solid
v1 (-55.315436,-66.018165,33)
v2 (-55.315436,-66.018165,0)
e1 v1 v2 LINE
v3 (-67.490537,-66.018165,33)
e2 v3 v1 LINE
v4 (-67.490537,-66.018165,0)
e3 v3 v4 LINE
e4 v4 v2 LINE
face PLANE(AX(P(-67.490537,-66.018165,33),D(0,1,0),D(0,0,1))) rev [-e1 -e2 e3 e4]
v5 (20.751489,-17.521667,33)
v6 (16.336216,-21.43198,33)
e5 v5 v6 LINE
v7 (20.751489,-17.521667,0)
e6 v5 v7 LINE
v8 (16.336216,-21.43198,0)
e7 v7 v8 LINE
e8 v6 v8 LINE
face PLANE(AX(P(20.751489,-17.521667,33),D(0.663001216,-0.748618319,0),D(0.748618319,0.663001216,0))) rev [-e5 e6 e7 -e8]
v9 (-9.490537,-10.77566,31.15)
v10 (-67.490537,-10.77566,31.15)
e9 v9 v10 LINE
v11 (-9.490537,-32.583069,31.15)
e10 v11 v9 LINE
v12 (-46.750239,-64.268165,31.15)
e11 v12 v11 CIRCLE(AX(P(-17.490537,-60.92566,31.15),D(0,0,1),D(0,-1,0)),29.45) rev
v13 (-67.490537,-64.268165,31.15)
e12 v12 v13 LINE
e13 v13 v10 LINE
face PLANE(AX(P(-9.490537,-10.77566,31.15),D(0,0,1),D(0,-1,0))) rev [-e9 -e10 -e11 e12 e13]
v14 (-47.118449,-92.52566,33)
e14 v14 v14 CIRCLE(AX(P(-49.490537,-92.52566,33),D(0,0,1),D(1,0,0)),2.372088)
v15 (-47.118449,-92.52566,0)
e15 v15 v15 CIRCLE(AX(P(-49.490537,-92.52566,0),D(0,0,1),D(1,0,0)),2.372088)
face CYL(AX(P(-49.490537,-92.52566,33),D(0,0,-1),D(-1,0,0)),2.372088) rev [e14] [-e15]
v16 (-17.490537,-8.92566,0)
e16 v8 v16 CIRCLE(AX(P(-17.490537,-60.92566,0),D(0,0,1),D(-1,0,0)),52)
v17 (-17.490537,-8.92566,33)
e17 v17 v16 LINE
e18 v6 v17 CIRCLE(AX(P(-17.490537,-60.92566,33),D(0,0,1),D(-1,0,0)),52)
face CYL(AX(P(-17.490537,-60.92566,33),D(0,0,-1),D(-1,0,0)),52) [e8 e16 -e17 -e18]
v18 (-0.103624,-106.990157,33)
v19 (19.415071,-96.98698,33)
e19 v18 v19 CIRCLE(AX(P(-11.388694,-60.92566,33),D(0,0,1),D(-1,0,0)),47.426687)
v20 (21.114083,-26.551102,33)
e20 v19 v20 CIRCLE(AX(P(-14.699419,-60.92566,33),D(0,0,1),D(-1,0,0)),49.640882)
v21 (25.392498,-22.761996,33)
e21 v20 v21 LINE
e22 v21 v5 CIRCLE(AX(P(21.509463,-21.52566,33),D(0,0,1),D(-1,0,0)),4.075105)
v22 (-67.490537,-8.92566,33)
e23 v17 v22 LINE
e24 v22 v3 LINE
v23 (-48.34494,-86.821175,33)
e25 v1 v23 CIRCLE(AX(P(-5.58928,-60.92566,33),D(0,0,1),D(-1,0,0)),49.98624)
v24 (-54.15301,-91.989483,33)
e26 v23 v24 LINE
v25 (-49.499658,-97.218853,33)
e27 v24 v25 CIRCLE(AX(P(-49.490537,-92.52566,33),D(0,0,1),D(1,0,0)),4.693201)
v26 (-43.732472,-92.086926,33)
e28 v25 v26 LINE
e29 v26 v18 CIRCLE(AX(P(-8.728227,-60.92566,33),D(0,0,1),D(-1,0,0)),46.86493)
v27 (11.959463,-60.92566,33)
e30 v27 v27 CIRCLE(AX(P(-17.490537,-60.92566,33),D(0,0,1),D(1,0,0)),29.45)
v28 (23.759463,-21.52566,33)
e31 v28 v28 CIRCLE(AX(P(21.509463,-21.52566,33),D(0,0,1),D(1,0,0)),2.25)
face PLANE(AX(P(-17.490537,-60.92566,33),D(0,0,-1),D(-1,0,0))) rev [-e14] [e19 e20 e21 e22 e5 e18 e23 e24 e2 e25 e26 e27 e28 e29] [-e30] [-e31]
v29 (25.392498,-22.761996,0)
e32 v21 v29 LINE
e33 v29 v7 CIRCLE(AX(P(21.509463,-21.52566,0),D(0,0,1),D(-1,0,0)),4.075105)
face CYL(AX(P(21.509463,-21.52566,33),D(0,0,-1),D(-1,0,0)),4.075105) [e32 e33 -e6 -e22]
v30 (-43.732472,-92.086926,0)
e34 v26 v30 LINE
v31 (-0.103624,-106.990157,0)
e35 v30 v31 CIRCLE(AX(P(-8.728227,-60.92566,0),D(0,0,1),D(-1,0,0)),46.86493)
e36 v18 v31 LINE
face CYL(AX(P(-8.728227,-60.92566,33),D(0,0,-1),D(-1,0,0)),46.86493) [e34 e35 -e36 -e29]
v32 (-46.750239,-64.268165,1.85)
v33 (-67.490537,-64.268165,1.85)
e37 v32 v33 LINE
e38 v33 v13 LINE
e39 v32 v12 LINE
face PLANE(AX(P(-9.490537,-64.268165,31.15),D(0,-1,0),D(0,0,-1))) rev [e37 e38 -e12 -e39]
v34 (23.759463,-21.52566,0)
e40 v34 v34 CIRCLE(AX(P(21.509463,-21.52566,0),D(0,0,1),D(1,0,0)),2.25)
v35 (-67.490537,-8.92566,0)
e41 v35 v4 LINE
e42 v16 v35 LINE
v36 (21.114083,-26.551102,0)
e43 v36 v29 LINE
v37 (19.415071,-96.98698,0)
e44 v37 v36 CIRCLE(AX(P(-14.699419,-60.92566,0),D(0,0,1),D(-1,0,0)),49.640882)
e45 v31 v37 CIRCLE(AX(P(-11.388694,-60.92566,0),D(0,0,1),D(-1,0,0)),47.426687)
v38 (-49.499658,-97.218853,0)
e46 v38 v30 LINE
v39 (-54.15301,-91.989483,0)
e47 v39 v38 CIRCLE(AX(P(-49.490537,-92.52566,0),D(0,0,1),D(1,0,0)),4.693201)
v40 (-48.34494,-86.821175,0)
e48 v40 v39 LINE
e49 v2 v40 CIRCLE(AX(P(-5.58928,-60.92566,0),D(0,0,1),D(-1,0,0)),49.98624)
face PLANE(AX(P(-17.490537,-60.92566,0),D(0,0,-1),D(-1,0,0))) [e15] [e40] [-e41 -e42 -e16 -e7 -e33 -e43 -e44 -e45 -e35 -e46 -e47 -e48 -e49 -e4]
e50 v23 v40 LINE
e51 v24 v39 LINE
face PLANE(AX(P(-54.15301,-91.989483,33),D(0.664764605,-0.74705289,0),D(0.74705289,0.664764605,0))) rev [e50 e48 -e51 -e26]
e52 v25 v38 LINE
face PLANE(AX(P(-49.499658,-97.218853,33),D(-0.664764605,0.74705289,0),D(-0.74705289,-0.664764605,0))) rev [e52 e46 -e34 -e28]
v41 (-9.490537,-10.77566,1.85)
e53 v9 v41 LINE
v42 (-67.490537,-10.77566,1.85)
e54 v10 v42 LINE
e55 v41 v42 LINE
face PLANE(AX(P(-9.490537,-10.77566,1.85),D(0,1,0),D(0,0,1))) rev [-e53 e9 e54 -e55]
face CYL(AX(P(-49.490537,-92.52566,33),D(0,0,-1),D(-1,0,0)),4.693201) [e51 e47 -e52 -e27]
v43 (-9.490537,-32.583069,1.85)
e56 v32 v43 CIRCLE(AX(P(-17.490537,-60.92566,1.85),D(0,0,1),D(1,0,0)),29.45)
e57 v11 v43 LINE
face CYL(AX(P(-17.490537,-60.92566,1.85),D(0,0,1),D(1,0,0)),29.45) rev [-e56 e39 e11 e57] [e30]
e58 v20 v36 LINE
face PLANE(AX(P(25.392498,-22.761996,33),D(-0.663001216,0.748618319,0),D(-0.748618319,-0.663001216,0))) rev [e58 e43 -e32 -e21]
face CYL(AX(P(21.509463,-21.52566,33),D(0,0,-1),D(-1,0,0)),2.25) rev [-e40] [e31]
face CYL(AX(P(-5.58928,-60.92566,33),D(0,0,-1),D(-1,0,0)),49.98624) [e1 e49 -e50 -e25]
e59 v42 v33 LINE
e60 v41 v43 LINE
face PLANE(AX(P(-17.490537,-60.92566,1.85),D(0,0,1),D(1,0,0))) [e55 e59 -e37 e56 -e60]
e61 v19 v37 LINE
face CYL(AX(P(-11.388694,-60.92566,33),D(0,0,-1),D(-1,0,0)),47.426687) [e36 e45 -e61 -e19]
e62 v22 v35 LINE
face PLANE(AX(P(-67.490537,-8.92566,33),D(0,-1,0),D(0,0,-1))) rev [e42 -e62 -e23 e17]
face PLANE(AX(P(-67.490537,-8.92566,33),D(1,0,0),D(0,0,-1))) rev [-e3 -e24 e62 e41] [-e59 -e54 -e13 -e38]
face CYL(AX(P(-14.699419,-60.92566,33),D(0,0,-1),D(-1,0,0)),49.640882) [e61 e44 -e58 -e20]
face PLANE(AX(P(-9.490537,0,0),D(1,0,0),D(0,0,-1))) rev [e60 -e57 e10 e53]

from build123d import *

# Parameters (mm, degrees)
SKETCH1_R           = 2.25
SKETCH1_R_2         = 2.372088477
BOSS_EXTRUDE1_DEPTH = 33
SKETCH2_R           = 29.45
CUT_EXTRUDE1_DEPTH  = 31.15
SKETCH3_W           = 29.3
SKETCH3_H           = 53.492504466
CUT_EXTRUDE2_DEPTH  = 58


with BuildPart() as part:
    # Sketch1 → Boss-Extrude1 (new body)
    with BuildSketch(Plane.XY):
        with BuildLine():
            Line((-67.490537214, -8.925660295), (-67.490537214, -66.018164761))
            Line((-67.490537214, -66.018164761), (-55.315435977, -66.018164761))
            ThreePointArc((-55.315435977, -66.018164761), (-52.985618491, -76.806821645), (-48.344940443, -86.82117505))
            Line((-48.344940443, -86.82117505), (-54.153009969, -91.989482541))
            ThreePointArc((-54.153009969, -91.989482541), (-52.996606833, -95.645534427), (-49.499657733, -97.218852767))
            Line((-49.499657733, -97.218852767), (-43.732472201, -92.086925876))
            ThreePointArc((-43.732472201, -92.086925876), (-23.877416965, -105.274546325), (-0.103624015, -106.99015709))
            ThreePointArc((-0.103624015, -106.99015709), (10.241918426, -103.132381102), (19.415070822, -96.986979642))
            ThreePointArc((19.415070822, -96.986979642), (34.927027694, -62.122719509), (21.114082576, -26.551101781))
            Line((21.114082576, -26.551101781), (25.392497534, -22.761995578))
            ThreePointArc((25.392497534, -22.761995578), (24.56016132, -18.82386048), (20.751489025, -17.521667342))
            Line((20.751489025, -17.521667342), (16.336215646, -21.431979902))
            ThreePointArc((16.336215646, -21.431979902), (0.541775721, -12.152351096), (-17.490537214, -8.925660295))
            Line((-17.490537214, -8.925660295), (-67.490537214, -8.925660295))
        make_face()
        with Locations((21.509462786, -21.525660295)):
            Circle(SKETCH1_R, mode=Mode.SUBTRACT)
        with Locations((-49.490537214, -92.525660295)):
            Circle(SKETCH1_R_2, mode=Mode.SUBTRACT)
    extrude(amount=BOSS_EXTRUDE1_DEPTH)

    # Sketch2 → Cut-Extrude1 (cut)
    with BuildSketch(Plane.XY.offset(33)):
        with Locations((-17.490537214, -60.925660295)):
            Circle(SKETCH2_R)
    extrude(amount=-CUT_EXTRUDE1_DEPTH, mode=Mode.SUBTRACT)

    # Sketch3 → Cut-Extrude2 (cut)
    with BuildSketch(Plane.ZY.offset(67.490537214)):
        with Locations((16.5, -37.521912528)):
            Rectangle(SKETCH3_W, SKETCH3_H)
    extrude(amount=-CUT_EXTRUDE2_DEPTH, mode=Mode.SUBTRACT)


solid = part.part
